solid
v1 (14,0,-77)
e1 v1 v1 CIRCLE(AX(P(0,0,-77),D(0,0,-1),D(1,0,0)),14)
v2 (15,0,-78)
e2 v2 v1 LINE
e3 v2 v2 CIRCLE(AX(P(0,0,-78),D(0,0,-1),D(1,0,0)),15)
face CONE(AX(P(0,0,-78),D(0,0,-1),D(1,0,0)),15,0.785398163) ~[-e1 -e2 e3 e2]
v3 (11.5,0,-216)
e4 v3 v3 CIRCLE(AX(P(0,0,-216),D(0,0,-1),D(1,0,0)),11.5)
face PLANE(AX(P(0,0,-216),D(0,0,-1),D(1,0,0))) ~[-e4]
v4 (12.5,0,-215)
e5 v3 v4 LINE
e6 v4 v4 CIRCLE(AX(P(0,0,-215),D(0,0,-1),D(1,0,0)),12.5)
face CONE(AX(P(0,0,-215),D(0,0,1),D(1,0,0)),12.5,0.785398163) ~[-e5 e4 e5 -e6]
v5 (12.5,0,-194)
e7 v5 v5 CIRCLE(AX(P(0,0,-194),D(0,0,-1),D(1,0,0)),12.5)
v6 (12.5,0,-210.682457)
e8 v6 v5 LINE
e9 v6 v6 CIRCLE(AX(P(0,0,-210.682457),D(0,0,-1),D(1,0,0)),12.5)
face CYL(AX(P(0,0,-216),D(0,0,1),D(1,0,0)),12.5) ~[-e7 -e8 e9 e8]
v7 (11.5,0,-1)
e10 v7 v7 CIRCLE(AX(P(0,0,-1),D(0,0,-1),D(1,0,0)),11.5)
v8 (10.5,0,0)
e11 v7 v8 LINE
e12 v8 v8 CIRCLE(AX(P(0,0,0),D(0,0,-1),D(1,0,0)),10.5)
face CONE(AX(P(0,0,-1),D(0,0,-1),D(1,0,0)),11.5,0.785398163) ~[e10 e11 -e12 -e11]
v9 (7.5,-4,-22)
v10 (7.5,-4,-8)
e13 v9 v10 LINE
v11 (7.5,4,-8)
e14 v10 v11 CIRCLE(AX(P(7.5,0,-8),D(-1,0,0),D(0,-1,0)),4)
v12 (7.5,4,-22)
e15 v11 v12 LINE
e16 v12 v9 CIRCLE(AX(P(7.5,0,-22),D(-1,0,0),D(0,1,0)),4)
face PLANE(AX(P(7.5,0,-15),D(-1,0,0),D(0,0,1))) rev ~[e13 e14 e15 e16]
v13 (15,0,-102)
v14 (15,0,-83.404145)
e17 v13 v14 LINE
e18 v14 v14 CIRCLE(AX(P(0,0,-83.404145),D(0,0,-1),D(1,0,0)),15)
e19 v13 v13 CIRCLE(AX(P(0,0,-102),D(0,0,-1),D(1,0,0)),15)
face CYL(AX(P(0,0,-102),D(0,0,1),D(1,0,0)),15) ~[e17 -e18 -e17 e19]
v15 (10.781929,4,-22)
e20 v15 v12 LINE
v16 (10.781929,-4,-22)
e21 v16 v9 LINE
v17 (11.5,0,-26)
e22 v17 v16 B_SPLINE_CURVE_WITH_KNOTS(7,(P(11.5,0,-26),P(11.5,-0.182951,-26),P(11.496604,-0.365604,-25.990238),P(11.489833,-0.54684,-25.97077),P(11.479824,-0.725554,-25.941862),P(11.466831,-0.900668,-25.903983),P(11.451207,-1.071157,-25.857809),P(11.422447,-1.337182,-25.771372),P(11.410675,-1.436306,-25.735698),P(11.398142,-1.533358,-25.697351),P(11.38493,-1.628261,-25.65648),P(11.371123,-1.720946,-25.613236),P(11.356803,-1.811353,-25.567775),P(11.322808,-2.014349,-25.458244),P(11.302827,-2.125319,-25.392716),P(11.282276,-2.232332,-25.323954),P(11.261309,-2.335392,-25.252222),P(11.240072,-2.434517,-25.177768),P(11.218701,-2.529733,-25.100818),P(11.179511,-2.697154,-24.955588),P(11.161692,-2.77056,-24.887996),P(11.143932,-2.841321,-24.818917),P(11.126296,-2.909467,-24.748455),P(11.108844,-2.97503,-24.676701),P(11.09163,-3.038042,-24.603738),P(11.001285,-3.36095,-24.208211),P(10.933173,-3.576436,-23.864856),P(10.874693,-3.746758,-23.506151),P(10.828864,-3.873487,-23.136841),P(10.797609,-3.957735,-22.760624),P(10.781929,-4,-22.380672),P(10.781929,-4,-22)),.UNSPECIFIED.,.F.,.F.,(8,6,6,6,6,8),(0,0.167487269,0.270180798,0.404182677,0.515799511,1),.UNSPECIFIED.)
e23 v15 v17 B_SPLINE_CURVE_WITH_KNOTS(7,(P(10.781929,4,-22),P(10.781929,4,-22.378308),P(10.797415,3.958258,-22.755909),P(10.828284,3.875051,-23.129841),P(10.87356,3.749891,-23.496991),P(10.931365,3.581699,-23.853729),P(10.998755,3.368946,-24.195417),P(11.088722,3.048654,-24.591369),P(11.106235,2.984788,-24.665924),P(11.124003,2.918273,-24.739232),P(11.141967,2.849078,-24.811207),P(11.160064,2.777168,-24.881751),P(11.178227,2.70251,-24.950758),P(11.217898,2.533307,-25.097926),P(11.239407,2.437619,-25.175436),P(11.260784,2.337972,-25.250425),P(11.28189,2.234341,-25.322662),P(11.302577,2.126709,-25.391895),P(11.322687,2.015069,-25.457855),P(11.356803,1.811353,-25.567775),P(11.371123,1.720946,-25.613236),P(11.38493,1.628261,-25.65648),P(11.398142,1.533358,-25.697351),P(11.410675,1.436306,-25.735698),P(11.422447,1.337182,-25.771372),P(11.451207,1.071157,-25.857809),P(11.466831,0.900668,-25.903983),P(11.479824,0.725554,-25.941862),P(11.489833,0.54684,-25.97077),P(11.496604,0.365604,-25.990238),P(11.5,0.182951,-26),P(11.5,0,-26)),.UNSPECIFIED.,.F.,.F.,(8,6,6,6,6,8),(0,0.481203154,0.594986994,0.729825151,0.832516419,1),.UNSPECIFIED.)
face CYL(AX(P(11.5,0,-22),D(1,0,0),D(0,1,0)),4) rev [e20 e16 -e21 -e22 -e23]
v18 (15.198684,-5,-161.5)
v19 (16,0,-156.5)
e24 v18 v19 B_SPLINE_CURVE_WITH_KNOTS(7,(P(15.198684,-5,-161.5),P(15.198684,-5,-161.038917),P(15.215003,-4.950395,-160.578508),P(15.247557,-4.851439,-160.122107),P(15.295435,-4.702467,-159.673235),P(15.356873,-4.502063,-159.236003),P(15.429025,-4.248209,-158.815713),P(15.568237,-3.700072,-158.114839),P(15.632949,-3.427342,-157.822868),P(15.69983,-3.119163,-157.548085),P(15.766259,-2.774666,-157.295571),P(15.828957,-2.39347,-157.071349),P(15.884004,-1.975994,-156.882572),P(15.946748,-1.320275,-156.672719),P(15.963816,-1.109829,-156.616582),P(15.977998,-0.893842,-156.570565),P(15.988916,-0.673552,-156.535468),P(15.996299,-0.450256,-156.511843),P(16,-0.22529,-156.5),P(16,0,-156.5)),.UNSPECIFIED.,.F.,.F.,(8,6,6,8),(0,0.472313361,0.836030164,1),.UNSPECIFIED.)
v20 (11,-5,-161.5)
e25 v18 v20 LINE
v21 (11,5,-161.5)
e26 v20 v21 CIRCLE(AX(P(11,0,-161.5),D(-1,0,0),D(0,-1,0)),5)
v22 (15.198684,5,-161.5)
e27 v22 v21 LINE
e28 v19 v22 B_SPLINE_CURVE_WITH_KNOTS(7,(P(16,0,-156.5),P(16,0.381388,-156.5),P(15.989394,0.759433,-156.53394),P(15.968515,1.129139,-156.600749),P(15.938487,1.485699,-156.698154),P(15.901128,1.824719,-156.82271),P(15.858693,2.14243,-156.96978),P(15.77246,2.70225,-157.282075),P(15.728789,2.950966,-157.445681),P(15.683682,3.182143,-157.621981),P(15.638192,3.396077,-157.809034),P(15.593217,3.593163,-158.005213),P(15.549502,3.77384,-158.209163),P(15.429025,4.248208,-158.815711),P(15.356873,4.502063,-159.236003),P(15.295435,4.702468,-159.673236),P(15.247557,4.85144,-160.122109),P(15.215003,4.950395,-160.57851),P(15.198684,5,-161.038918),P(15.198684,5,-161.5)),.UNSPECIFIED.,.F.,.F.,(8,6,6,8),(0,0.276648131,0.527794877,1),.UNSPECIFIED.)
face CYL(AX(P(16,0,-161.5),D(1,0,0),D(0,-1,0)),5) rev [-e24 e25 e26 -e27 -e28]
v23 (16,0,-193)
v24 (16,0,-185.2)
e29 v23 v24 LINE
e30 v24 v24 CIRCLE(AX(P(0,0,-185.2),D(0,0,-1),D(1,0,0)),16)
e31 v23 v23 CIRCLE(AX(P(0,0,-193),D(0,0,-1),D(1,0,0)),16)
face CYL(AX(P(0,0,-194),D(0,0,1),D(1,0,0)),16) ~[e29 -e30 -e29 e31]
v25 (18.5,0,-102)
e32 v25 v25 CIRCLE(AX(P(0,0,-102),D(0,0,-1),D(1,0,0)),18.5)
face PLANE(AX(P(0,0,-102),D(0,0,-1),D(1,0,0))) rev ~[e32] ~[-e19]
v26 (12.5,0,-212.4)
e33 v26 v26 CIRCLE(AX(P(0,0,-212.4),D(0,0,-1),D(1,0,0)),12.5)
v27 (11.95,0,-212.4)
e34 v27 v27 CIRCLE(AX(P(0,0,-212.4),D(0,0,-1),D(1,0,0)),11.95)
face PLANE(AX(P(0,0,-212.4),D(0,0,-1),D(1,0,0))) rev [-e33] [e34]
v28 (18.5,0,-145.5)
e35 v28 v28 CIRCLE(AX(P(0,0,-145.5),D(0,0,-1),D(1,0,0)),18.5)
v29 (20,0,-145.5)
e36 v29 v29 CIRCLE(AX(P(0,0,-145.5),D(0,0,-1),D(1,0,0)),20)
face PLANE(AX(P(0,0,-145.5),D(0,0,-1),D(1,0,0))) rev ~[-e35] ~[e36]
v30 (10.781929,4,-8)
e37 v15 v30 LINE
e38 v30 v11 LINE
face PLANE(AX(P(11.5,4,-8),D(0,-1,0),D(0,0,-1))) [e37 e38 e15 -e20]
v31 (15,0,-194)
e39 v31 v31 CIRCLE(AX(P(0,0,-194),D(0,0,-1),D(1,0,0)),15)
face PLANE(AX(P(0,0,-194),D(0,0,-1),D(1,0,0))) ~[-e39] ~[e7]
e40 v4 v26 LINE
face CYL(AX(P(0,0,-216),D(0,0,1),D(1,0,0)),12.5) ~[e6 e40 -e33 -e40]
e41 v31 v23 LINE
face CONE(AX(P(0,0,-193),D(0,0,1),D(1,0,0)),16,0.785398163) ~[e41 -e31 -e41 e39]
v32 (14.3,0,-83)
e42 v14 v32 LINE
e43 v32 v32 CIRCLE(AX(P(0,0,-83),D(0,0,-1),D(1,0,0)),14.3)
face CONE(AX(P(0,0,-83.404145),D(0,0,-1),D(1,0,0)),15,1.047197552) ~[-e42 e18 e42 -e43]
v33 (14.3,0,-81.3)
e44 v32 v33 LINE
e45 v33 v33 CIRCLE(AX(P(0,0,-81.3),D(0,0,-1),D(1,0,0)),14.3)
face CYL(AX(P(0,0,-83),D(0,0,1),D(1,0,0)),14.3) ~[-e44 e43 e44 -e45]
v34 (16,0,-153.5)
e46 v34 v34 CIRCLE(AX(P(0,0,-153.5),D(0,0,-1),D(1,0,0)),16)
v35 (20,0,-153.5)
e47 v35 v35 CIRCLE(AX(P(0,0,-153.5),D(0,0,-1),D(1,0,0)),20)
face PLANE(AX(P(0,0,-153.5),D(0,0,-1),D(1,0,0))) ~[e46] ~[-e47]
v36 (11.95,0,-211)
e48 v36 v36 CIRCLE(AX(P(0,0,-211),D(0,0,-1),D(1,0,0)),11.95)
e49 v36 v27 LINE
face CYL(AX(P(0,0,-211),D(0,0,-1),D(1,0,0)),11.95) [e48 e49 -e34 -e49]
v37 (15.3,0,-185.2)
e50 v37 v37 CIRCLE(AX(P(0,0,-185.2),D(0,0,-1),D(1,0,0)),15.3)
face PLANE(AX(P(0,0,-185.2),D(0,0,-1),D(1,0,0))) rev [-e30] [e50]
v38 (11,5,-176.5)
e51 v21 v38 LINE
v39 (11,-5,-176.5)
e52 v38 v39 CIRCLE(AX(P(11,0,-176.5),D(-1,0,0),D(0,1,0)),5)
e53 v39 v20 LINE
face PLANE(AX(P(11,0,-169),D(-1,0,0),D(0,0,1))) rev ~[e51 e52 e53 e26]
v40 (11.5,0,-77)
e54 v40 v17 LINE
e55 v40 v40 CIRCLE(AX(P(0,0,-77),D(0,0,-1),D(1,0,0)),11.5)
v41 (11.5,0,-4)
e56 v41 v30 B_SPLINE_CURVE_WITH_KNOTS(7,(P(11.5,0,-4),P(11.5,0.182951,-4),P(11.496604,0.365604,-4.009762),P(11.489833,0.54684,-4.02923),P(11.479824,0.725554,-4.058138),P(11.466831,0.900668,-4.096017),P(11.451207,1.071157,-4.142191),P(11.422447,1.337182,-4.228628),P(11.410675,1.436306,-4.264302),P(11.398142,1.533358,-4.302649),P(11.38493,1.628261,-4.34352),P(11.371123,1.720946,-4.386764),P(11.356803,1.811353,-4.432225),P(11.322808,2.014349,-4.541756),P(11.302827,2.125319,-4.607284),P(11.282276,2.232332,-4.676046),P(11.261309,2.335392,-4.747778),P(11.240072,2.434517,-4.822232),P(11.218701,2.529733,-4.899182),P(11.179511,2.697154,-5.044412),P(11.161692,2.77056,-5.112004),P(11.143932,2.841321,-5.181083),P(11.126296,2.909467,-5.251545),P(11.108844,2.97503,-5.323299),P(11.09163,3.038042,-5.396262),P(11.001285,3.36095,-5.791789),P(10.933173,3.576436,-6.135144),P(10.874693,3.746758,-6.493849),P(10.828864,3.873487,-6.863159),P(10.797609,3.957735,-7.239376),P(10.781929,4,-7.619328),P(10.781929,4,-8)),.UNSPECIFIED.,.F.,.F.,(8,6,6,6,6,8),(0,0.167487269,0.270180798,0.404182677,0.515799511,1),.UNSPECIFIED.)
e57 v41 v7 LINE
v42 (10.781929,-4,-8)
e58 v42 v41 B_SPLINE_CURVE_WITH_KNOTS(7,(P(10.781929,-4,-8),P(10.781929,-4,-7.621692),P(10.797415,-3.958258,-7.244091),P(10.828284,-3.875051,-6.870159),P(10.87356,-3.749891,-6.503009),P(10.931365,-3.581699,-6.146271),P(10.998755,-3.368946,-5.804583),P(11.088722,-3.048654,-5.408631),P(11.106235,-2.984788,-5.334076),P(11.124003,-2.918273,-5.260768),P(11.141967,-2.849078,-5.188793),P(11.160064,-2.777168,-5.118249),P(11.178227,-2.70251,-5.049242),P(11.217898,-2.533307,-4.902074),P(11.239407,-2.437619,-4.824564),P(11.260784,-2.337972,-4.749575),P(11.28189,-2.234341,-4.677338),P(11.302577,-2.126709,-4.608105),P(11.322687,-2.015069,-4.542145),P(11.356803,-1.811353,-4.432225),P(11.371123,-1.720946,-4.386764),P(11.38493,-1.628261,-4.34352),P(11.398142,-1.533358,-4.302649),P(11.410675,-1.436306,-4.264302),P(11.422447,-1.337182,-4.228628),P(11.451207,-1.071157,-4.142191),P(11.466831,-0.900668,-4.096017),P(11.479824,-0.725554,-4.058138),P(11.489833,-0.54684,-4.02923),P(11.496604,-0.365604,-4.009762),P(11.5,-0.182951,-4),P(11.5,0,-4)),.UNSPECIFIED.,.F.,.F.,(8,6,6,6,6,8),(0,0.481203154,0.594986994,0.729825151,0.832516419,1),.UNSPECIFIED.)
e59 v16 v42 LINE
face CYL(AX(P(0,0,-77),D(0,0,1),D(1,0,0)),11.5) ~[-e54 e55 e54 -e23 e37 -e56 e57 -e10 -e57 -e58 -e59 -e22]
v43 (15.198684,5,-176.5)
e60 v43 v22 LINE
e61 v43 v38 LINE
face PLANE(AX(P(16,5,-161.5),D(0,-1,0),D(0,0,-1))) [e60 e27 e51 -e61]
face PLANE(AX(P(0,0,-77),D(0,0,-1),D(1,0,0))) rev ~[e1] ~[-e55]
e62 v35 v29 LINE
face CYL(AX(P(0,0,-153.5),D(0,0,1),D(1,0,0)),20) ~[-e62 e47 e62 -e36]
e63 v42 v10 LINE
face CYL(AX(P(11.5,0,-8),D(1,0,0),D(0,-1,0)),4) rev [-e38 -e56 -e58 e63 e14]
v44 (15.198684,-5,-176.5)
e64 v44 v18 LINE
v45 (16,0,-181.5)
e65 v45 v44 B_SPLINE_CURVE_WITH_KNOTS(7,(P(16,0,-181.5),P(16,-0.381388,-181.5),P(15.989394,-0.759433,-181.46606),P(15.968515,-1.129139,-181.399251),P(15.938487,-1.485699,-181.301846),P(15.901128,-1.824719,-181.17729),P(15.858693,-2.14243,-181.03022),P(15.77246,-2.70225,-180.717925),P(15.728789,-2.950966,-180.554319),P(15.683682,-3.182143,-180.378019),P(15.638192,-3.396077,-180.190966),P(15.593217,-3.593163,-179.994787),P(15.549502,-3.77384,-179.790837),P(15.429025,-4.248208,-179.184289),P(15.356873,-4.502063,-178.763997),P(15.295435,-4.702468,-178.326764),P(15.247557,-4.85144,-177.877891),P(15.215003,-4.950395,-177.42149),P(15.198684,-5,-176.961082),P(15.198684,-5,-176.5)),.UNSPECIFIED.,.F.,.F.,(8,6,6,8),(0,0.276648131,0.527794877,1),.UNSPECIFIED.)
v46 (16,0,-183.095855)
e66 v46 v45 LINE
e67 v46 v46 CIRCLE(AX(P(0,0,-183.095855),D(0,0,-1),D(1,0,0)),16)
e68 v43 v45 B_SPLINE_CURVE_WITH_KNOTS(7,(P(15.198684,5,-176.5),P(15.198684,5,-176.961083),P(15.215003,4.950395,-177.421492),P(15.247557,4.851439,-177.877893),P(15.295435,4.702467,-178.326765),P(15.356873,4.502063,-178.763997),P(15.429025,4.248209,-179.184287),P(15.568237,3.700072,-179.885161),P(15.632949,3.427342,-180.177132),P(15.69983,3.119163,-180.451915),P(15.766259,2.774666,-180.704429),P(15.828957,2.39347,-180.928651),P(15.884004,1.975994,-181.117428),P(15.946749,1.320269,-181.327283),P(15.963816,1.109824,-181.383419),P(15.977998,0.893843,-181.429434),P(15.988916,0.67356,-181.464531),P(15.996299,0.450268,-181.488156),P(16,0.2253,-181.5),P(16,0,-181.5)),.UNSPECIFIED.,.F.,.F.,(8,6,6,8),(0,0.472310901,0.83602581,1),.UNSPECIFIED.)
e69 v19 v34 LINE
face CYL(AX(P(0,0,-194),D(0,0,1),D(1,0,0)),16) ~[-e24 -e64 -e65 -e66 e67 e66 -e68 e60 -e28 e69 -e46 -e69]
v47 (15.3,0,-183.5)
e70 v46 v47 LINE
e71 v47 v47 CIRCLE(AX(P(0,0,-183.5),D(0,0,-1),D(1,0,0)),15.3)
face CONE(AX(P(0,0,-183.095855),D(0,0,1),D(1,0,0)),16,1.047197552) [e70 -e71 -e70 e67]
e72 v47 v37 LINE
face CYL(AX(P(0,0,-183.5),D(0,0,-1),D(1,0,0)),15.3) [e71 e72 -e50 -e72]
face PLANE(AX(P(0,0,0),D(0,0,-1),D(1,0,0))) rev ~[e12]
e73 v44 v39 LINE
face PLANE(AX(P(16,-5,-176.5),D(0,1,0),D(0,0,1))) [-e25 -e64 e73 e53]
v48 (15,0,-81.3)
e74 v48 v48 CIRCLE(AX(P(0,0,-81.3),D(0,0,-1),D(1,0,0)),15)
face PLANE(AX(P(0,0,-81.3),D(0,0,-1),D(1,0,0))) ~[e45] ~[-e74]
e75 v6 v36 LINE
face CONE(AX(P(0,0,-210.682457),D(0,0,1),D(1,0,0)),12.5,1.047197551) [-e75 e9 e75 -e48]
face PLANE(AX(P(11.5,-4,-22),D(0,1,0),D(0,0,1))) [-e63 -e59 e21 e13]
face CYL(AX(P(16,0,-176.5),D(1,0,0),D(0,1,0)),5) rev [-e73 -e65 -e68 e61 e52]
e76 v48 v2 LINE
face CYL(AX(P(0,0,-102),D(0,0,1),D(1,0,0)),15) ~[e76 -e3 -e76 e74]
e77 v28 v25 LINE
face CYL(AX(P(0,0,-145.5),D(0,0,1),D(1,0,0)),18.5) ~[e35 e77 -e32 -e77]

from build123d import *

# Parameters (mm, degrees)
TAGLIO_ESTRUSIONE4_START = 16
TAGLIO_ESTRUSIONE4_DEPTH = 5
TAGLIO_ESTRUSIONE5_START = 11.5
TAGLIO_ESTRUSIONE5_DEPTH = 4
SMUSSO5_SIZE             = 1


with BuildPart() as part:
    # Schizzo4 → Rivoluzione1 (revolve)
    with BuildSketch(Plane(origin=(0, 0, 0), x_dir=(0, 0, -1), z_dir=(1, 0, 0)), mode=Mode.PRIVATE) as rivoluzione1_sk:
        Polygon((0, 0), (216, 0), (216, 12.5), (194, 12.5), (194, 16), (153.5, 16), (153.5, 20), (145.5, 20), (145.5, 18.5), (102, 18.5), (102, 15), (77, 15), (77, 11.5), (0, 11.5), align=None)
    revolve(rivoluzione1_sk.sketch.rotate(Axis((0, 0, 0), (0, 0, -1)), 90), axis=Axis((0, 0, 0), (0, 0, -1)))

    # Schizzo10 → Taglia-Rivoluzione1 (revolve, cut)
    with BuildSketch(Plane(origin=(0, 0, 0), x_dir=(0, 0, -1), z_dir=(1, 0, 0)), mode=Mode.PRIVATE) as taglia_rivoluzione1_sk:
        Polygon((183.095854812, 16), (183.5, 15.3), (185.2, 15.3), (185.2, 16), align=None)
    revolve(taglia_rivoluzione1_sk.sketch.rotate(Axis((0, 0, -141.39065809), (0, 0, -1)), 90), axis=Axis((0, 0, -141.39065809), (0, 0, -1)), mode=Mode.SUBTRACT)

    # Schizzo11 → Taglia-Rivoluzione2 (revolve, cut)
    with BuildSketch(Plane(origin=(0, 0, 0), x_dir=(0, 0, -1), z_dir=(1, 0, 0)), mode=Mode.PRIVATE) as taglia_rivoluzione2_sk:
        Polygon((210.682457352, 12.5), (211, 11.95), (212.4, 11.95), (212.4, 12.5), align=None)
    revolve(taglia_rivoluzione2_sk.sketch.rotate(Axis((0, 0, -146.205163042), (0, 0, -1)), 90), axis=Axis((0, 0, -146.205163042), (0, 0, -1)), mode=Mode.SUBTRACT)

    # Schizzo12 → Taglia-Rivoluzione3 (revolve, cut)
    with BuildSketch(Plane(origin=(0, 0, 0), x_dir=(0, 0, -1), z_dir=(1, 0, 0)), mode=Mode.PRIVATE) as taglia_rivoluzione3_sk:
        Polygon((83.404145188, 15), (83, 14.3), (81.3, 14.3), (81.3, 15), align=None)
    revolve(taglia_rivoluzione3_sk.sketch.rotate(Axis((0, 0, -46.884155284), (0, 0, -1)), 90), axis=Axis((0, 0, -46.884155284), (0, 0, -1)), mode=Mode.SUBTRACT)

    # Schizzo6 → Taglio-Estrusione4 (cut)
    with BuildSketch(Plane(origin=(0, 0, 0), x_dir=(0, 0, -1), z_dir=(1, 0, 0)).offset(TAGLIO_ESTRUSIONE4_START)):
        with BuildLine():
            Line((161.5, 5), (176.5, 5))
            ThreePointArc((176.5, 5), (181.5, 0), (176.5, -5))
            Line((176.5, -5), (161.5, -5))
            ThreePointArc((161.5, -5), (156.5, 0), (161.5, 5))
        make_face()
    extrude(amount=-TAGLIO_ESTRUSIONE4_DEPTH, mode=Mode.SUBTRACT)

    # Schizzo8 → Taglio-Estrusione5 (cut)
    with BuildSketch(Plane(origin=(0, 0, 0), x_dir=(0, 0, -1), z_dir=(1, 0, 0)).offset(TAGLIO_ESTRUSIONE5_START)):
        with BuildLine():
            Line((8, 4), (22, 4))
            ThreePointArc((22, 4), (26, 0), (22, -4))
            Line((22, -4), (8, -4))
            ThreePointArc((8, -4), (4, 0), (8, 4))
        make_face()
    extrude(amount=-TAGLIO_ESTRUSIONE5_DEPTH, mode=Mode.SUBTRACT)

    # Smusso5
    smusso5_edges = [part.edges().sort_by_distance(p)[0] for p in [
        (-11.5, 0, 0),
        (-15, 0, -77),
        (-16, 0, -194),
        (-12.5, 0, -216),
    ]]
    chamfer(smusso5_edges, length=SMUSSO5_SIZE)


solid = part.part
